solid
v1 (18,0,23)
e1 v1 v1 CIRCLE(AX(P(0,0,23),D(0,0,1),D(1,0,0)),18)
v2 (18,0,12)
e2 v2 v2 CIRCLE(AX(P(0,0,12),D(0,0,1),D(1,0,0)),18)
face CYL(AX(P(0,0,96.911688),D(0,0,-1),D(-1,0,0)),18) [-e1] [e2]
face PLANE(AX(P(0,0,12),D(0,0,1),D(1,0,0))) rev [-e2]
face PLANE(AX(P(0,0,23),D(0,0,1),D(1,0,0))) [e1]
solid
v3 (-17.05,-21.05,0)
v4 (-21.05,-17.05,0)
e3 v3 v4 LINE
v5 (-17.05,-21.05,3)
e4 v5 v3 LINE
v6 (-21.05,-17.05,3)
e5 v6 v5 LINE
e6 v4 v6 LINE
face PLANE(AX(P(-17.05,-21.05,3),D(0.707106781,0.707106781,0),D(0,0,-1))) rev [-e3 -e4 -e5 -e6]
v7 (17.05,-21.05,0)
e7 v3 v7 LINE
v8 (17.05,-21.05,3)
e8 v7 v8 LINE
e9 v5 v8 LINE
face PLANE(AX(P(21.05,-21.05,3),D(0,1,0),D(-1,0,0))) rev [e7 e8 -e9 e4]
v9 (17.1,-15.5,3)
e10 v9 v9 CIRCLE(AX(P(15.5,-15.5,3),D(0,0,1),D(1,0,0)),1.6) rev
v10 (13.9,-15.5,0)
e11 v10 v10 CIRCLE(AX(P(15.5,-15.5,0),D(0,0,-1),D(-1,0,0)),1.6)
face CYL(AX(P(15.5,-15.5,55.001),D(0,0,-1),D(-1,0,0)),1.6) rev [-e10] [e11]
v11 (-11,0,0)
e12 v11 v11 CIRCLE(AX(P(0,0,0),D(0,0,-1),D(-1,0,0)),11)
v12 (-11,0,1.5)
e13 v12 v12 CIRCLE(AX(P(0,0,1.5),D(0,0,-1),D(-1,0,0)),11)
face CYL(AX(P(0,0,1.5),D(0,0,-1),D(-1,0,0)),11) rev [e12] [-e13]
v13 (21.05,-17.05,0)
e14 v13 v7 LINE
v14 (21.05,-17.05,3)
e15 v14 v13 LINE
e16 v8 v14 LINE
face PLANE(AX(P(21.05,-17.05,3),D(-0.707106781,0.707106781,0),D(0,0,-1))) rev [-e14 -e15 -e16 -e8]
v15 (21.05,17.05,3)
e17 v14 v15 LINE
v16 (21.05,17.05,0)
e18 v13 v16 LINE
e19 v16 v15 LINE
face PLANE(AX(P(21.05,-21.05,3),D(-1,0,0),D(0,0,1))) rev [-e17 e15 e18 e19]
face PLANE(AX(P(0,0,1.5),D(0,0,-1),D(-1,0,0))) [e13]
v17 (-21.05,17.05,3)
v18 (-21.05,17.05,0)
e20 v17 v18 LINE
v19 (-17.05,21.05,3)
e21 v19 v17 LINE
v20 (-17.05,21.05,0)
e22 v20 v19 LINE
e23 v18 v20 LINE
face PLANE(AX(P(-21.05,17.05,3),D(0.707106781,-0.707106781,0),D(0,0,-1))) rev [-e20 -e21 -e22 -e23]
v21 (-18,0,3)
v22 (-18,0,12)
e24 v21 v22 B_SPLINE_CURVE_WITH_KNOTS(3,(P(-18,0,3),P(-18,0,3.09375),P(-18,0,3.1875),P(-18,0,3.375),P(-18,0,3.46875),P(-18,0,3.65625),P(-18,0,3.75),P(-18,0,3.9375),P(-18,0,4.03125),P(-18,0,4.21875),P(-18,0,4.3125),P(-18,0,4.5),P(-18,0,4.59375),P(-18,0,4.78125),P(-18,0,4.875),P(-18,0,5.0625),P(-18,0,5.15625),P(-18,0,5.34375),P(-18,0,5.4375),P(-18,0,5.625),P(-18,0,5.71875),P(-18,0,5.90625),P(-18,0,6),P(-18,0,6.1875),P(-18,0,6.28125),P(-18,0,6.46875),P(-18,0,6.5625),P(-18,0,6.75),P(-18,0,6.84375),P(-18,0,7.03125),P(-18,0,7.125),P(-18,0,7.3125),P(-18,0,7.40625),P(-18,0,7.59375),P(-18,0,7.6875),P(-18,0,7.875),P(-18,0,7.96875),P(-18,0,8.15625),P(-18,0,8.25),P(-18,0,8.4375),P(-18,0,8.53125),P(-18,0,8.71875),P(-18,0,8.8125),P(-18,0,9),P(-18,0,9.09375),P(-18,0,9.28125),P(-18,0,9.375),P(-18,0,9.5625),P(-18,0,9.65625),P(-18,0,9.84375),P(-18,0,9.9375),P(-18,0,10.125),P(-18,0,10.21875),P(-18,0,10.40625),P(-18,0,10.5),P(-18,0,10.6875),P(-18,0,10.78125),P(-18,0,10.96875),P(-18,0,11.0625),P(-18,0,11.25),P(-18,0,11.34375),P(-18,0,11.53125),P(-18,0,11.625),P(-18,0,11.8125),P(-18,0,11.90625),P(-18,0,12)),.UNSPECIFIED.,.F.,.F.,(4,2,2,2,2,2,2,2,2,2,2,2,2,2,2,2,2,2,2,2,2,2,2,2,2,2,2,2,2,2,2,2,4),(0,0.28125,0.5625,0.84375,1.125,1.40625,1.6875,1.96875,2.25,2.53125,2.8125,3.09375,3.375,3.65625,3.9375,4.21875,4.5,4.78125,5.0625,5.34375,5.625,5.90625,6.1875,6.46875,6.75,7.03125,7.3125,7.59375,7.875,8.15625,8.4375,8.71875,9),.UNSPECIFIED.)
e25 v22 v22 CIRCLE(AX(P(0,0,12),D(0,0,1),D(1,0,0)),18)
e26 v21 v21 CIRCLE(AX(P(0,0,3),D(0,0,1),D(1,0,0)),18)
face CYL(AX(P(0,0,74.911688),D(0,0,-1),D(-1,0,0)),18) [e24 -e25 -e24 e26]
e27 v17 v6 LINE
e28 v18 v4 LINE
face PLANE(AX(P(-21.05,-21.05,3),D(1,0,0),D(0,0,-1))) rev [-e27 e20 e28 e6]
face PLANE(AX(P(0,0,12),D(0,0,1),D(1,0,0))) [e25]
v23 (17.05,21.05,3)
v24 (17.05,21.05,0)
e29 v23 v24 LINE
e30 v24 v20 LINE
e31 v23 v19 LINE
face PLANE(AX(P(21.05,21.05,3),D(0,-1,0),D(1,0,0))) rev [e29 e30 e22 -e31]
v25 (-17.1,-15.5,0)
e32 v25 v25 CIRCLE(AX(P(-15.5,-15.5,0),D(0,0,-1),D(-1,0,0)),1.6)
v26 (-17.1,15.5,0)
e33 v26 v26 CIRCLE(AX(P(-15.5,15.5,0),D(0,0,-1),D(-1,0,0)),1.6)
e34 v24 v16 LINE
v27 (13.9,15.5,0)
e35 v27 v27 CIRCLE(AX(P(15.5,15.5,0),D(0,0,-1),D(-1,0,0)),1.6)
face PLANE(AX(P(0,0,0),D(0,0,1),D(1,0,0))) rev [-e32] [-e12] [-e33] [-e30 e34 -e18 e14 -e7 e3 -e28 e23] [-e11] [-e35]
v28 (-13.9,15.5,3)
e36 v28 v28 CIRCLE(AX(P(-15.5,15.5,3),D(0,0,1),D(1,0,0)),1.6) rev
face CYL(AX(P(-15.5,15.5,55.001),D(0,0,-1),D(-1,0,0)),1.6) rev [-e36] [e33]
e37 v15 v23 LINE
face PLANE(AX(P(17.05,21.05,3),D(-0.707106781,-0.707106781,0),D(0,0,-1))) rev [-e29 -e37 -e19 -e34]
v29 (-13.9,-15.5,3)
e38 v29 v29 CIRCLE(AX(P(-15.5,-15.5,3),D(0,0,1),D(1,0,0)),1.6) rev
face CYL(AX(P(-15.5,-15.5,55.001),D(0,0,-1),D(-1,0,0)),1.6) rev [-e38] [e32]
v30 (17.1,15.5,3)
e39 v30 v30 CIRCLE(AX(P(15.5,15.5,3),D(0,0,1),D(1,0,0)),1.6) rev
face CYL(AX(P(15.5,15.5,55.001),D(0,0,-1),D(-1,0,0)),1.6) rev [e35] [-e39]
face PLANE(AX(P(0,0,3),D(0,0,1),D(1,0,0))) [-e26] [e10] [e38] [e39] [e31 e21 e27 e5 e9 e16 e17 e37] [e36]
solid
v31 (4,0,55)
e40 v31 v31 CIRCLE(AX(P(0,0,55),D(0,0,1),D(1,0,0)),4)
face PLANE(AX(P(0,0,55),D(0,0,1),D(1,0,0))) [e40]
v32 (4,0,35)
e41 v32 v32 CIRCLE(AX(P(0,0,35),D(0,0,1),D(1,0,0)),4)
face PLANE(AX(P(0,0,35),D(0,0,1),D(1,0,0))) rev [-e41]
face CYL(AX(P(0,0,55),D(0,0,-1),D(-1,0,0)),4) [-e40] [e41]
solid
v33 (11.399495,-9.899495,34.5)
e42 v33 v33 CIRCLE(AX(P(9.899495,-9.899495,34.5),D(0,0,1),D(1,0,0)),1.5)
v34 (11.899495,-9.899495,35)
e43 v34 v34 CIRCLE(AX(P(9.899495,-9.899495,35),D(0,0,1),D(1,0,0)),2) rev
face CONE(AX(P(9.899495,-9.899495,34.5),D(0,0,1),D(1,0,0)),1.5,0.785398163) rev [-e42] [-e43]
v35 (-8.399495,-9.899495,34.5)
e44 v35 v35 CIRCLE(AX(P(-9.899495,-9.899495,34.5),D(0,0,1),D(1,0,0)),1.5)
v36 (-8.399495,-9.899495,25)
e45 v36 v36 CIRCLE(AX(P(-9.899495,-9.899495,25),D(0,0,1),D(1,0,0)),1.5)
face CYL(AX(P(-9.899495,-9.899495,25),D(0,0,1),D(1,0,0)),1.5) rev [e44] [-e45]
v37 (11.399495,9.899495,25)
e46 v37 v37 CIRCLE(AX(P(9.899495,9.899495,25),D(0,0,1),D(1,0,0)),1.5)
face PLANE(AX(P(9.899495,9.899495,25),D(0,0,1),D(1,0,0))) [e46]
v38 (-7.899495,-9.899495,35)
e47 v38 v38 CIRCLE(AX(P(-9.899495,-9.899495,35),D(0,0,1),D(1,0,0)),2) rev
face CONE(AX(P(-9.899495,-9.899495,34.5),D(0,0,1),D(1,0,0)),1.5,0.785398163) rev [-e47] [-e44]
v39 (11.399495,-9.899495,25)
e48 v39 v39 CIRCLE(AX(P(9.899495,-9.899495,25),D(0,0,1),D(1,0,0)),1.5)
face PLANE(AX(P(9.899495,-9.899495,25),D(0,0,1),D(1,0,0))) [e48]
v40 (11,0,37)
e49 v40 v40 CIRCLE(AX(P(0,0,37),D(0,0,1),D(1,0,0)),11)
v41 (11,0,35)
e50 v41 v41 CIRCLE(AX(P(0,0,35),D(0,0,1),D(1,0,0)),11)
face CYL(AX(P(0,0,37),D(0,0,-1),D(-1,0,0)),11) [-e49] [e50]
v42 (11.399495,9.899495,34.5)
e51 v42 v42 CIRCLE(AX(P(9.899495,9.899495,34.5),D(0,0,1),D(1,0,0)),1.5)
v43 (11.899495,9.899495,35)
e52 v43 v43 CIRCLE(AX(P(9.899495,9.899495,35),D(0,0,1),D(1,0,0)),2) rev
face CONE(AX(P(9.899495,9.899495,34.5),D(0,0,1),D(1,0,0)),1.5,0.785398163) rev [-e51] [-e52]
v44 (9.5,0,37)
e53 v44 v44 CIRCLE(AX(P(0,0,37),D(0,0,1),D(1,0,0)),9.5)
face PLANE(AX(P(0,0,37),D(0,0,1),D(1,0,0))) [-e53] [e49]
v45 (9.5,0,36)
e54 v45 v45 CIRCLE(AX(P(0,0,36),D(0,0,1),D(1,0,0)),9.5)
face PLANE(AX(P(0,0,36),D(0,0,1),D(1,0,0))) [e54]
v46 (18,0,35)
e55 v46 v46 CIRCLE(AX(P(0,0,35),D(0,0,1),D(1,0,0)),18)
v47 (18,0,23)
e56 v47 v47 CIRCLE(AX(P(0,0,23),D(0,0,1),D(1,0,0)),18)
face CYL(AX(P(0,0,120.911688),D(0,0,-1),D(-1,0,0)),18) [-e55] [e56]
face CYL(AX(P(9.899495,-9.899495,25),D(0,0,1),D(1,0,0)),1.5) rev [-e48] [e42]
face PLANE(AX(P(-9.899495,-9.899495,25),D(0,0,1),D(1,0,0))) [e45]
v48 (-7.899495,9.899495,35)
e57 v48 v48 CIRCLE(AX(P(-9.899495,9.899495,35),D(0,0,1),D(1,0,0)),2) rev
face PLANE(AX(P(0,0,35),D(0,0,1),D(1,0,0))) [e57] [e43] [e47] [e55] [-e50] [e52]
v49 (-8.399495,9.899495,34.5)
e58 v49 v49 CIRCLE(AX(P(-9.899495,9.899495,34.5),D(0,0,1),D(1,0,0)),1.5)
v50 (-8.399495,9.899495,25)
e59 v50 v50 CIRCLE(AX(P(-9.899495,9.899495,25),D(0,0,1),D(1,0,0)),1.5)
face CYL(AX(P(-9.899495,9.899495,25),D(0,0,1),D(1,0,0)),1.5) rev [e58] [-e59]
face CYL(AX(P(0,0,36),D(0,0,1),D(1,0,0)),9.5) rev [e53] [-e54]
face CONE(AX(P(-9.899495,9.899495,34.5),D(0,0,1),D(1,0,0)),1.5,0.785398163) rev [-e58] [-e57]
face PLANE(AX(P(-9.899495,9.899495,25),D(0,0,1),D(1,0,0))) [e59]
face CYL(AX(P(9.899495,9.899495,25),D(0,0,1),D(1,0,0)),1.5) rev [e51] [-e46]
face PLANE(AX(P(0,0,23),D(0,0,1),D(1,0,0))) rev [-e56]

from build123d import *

# Parameters (mm, degrees)
SKETCH1_W           = 42.1
SKETCH1_H           = 42.1
BOSS_EXTRUDE2_DEPTH = 3
SKETCH3_R           = 18
BOSS_EXTRUDE3_DEPTH = 9
SKETCH4_R           = 18
BOSS_EXTRUDE4_DEPTH = 11
SKETCH5_R           = 18
BOSS_EXTRUDE5_DEPTH = 12
SKETCH6_R           = 11
BOSS_EXTRUDE6_DEPTH = 2
SKETCH9_R           = 9.5
CUT_EXTRUDE2_DEPTH  = 1
SKETCH7_R           = 4
BOSS_EXTRUDE7_DEPTH = 20
SKETCH10_R          = 1.6
CUT_EXTRUDE3_DEPTH  = 3
SKETCH12_R          = 1.5
CUT_EXTRUDE5_DEPTH  = 10
CHAMFER1_SIZE       = 4
CHAMFER2_SIZE       = 0.5
SKETCH15_R          = 11
CUT_EXTRUDE8_DEPTH  = 1.5


with BuildPart() as part:
    # Sketch1 → Boss-Extrude2 (new body)
    with BuildSketch(Plane.XY):
        Rectangle(SKETCH1_W, SKETCH1_H)
    extrude(amount=BOSS_EXTRUDE2_DEPTH)

    # Sketch3 → Boss-Extrude3 (add)
    with BuildSketch(Plane.XY.offset(3)):
        with Locations(Location((0, 0, 0), (0, 0, 180))):
            Circle(SKETCH3_R)
    extrude(amount=BOSS_EXTRUDE3_DEPTH)

    # Sketch10 → Cut-Extrude3 (cut)
    with BuildSketch(Plane(origin=(0, 0, 0), x_dir=(-1, 0, 0), z_dir=(0, 0, -1))):
        with Locations((-15.5, 15.5)):
            Circle(SKETCH10_R)
        with Locations((15.5, 15.5)):
            Circle(SKETCH10_R)
        with Locations((15.5, -15.5)):
            Circle(SKETCH10_R)
        with Locations((-15.5, -15.5)):
            Circle(SKETCH10_R)
    extrude(amount=-CUT_EXTRUDE3_DEPTH, mode=Mode.SUBTRACT)

    # Chamfer1
    chamfer1_edges = [part.edges().sort_by_distance(p)[0] for p in [
        (-21.05, 21.05, 1.5),
        (21.05, 21.05, 1.5),
        (21.05, -21.05, 1.5),
        (-21.05, -21.05, 1.5),
    ]]
    chamfer(chamfer1_edges, length=CHAMFER1_SIZE)

    # Sketch15 → Cut-Extrude8 (cut)
    with BuildSketch(Plane(origin=(0, 0, 0), x_dir=(-1, 0, 0), z_dir=(0, 0, -1))):
        with Locations(Location((0, 0, 0), (0, 0, 180))):
            Circle(SKETCH15_R)
    extrude(amount=-CUT_EXTRUDE8_DEPTH, mode=Mode.SUBTRACT)


with BuildPart() as body_2:
    # Sketch4 → Boss-Extrude4 (new body)
    with BuildSketch(Plane.XY.offset(12)):
        Circle(SKETCH4_R)
    extrude(amount=BOSS_EXTRUDE4_DEPTH)


with BuildPart() as body_3:
    # Sketch5 → Boss-Extrude5 (new body)
    with BuildSketch(Plane.XY.offset(23)):
        Circle(SKETCH5_R)
    extrude(amount=BOSS_EXTRUDE5_DEPTH)

    # Sketch6 → Boss-Extrude6 (add)
    with BuildSketch(Plane.XY.offset(35)):
        Circle(SKETCH6_R)
    extrude(amount=BOSS_EXTRUDE6_DEPTH)

    # Sketch9 → Cut-Extrude2 (cut)
    with BuildSketch(Plane.XY.offset(37)):
        Circle(SKETCH9_R)
    extrude(amount=-CUT_EXTRUDE2_DEPTH, mode=Mode.SUBTRACT)

    # Sketch12 → Cut-Extrude5 (cut)
    with BuildSketch(Plane.XY.offset(35)):
        with Locations((-9.899494937, 9.899494937)):
            Circle(SKETCH12_R)
        with Locations((9.899494937, 9.899494937)):
            Circle(SKETCH12_R)
        with Locations((9.899494937, -9.899494937)):
            Circle(SKETCH12_R)
        with Locations((-9.899494937, -9.899494937)):
            Circle(SKETCH12_R)
    extrude(amount=-CUT_EXTRUDE5_DEPTH, mode=Mode.SUBTRACT)

    # Chamfer2
    chamfer2_edges = [body_3.edges().sort_by_distance(p)[0] for p in [
        (-11.399494937, -9.899494937, 35),
        (8.399494937, -9.899494937, 35),
        (8.399494937, 9.899494937, 35),
        (-11.399494937, 9.899494937, 35),
    ]]
    chamfer(chamfer2_edges, length=CHAMFER2_SIZE)


with BuildPart() as body_4:
    # Sketch7 → Boss-Extrude7 (new body)
    with BuildSketch(Plane.XY.offset(35)):
        Circle(SKETCH7_R)
    extrude(amount=BOSS_EXTRUDE7_DEPTH)


solid = Compound([part.part, body_2.part, body_3.part, body_4.part])
